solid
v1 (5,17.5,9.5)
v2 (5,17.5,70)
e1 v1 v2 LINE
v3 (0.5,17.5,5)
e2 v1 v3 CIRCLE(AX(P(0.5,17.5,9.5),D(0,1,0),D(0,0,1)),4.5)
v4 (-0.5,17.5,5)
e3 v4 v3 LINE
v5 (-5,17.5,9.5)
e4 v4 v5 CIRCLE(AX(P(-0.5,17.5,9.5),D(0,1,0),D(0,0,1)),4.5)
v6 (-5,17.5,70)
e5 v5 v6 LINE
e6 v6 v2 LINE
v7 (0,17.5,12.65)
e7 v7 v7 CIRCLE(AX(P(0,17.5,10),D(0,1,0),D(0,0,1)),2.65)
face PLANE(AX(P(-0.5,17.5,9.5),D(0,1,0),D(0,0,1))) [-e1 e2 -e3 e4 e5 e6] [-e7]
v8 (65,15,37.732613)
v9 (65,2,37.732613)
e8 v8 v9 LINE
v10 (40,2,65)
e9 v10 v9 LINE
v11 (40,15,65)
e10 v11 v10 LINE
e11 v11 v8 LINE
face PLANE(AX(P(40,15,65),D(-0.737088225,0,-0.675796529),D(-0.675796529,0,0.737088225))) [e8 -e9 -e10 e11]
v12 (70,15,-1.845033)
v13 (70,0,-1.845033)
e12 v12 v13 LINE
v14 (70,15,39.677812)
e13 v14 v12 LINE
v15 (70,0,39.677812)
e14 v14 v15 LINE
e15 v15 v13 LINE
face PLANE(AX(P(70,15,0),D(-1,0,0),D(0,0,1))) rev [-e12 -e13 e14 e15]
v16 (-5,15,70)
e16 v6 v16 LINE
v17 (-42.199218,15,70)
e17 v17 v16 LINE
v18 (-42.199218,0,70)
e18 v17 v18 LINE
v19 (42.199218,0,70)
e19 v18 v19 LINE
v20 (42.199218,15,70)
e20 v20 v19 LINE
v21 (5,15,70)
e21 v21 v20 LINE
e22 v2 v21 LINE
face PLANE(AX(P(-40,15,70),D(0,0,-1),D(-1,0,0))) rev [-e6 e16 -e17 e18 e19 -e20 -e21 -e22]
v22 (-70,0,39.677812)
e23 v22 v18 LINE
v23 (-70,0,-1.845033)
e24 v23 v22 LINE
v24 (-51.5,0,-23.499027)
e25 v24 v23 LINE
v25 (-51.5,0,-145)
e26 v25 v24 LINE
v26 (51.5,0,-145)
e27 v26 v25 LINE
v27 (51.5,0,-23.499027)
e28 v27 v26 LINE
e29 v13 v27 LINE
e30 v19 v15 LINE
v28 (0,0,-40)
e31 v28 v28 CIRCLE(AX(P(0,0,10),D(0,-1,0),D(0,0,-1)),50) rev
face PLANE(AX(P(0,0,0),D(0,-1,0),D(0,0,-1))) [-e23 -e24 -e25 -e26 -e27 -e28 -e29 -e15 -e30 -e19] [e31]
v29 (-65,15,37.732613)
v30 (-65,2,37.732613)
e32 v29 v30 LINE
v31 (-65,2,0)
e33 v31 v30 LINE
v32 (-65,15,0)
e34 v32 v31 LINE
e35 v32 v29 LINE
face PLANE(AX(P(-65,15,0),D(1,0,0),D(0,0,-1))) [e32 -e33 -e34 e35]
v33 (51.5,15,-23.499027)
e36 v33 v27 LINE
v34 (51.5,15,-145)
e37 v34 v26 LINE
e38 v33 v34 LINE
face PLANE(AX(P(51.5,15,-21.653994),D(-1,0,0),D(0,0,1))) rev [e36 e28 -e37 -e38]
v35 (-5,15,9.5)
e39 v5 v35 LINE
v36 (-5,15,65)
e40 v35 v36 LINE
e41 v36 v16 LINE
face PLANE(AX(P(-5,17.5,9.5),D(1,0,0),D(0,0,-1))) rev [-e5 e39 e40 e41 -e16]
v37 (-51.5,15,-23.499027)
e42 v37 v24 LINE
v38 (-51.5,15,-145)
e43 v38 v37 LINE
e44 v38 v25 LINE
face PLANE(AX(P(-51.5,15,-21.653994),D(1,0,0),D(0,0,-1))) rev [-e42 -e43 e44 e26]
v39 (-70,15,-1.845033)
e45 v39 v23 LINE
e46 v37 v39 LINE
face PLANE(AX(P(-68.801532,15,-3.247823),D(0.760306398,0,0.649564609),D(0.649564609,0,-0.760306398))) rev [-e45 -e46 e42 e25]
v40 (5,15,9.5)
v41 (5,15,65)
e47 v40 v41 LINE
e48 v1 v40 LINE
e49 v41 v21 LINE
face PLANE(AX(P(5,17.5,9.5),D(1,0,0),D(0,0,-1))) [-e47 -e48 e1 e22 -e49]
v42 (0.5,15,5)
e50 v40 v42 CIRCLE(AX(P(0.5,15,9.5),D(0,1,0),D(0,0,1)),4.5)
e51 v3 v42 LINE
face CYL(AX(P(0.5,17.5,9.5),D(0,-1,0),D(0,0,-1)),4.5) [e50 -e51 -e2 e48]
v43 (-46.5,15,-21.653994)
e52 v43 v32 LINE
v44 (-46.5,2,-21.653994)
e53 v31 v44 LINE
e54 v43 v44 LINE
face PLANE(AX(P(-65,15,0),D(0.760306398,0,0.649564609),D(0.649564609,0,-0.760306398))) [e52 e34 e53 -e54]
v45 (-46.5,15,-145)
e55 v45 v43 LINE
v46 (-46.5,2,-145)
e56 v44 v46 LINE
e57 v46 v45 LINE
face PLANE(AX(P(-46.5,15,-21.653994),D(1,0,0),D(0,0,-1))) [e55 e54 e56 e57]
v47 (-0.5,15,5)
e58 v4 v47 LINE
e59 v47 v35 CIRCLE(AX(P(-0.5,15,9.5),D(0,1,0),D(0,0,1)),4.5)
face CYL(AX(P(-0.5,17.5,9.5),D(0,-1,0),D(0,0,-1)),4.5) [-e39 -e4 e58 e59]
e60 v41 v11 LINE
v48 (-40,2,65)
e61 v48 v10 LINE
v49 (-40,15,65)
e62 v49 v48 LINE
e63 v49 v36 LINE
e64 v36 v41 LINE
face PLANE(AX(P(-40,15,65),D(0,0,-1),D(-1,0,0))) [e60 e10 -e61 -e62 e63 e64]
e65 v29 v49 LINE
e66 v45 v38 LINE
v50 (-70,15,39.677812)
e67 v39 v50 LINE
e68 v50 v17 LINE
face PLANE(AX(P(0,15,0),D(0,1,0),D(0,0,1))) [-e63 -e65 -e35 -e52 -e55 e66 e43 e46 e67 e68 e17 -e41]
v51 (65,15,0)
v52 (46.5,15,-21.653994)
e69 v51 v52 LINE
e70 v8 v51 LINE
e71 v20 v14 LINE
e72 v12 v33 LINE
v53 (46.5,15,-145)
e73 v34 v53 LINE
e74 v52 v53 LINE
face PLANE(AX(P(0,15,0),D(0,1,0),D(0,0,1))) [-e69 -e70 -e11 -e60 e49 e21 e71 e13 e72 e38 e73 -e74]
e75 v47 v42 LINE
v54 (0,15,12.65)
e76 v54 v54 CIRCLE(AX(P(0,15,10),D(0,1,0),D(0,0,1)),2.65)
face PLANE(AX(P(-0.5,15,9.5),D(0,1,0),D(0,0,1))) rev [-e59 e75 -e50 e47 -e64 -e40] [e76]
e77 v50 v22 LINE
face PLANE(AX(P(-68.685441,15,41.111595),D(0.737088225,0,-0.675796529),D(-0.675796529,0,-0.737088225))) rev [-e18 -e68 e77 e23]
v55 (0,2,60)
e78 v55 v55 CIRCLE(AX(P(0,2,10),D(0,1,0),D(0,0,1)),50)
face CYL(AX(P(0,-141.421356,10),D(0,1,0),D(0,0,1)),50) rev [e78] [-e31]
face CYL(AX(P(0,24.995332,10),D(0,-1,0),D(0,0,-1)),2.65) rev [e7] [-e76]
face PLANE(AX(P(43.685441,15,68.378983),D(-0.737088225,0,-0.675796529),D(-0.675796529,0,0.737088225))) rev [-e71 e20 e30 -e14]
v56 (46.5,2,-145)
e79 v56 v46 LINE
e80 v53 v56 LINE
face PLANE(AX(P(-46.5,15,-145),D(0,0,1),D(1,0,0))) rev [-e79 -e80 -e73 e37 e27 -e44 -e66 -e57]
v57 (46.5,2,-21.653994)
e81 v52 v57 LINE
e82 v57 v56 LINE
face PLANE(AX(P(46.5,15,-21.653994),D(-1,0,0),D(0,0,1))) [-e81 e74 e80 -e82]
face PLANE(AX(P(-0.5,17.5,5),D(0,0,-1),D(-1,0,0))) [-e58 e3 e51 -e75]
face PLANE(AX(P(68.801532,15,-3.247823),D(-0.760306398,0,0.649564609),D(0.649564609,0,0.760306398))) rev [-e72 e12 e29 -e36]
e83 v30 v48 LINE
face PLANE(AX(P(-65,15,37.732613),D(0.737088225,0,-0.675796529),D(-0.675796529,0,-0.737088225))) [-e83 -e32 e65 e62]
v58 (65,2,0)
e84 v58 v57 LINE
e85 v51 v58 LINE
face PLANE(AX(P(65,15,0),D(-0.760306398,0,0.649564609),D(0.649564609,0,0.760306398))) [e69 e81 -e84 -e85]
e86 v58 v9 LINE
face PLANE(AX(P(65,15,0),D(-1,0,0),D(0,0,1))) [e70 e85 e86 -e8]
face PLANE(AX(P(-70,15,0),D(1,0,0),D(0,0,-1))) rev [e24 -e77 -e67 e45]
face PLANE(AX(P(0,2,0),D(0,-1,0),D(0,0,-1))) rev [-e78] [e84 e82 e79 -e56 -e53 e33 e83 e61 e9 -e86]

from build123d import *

# Parameters (mm, degrees)
BOSS_EXTRUDE1_DEPTH = 2
EXTRUDE_THIN3_DEPTH = 15
SKETCH3_W           = 93
SKETCH3_H           = 13
CUT_EXTRUDE1_DEPTH  = 5
SKETCH5_R           = 50
CUT_EXTRUDE2_DEPTH  = 2
BOSS_EXTRUDE2_DEPTH = 2.5
SKETCH4_3_R         = 2.65
CUT_EXTRUDE3_DEPTH  = 2.5


with BuildPart() as part:
    # Sketch1 → Boss-Extrude1 (new body)
    with BuildSketch(Plane(origin=(0, 0, 0), x_dir=(1, 0, 0), z_dir=(0, 1, 0))):
        Polygon((-46.5, 140), (46.5, 140), (46.5, 21.653994317), (65, 0), (65, -37.732612768), (40, -65), (-40, -65), (-65, -37.732612768), (-65, 0), (-46.5, 21.653994317), align=None)
    extrude(amount=BOSS_EXTRUDE1_DEPTH)

    # Sketch1<6> → Extrude-Thin3 (add)
    with BuildSketch(Plane(origin=(0, 0, 0), x_dir=(1, 0, 0), z_dir=(0, 1, 0))):
        Polygon((-51.5, 145), (51.5, 145), (51.5, 23.49902712), (70, 1.845032803), (70, -39.677811978), (42.199217545, -70), (-42.199217545, -70), (-70, -39.677811978), (-70, 1.845032803), (-51.5, 23.49902712), align=None)
        Polygon((-46.5, 140), (46.5, 140), (46.5, 21.653994317), (65, 0), (65, -37.732612768), (40, -65), (-40, -65), (-65, -37.732612768), (-65, 0), (-46.5, 21.653994317), align=None, mode=Mode.SUBTRACT)
    extrude(amount=EXTRUDE_THIN3_DEPTH)

    # Sketch3 → Cut-Extrude1 (cut)
    with BuildSketch(Plane.XY.offset(-140)):
        with Locations((0, 8.5)):
            Rectangle(SKETCH3_W, SKETCH3_H)
    extrude(amount=-CUT_EXTRUDE1_DEPTH, mode=Mode.SUBTRACT)

    # Sketch5 → Cut-Extrude2 (cut)
    with BuildSketch(Plane(origin=(0, 2, 0), x_dir=(1, 0, 0), z_dir=(0, 1, 0))):
        with Locations(Location((0, -10, 0), (0, 0, 270))):
            Circle(SKETCH5_R)
    extrude(amount=-CUT_EXTRUDE2_DEPTH, mode=Mode.SUBTRACT)

    # Sketch4 → Boss-Extrude2 (add)
    with BuildSketch(Plane(origin=(0, 15, 0), x_dir=(1, 0, 0), z_dir=(0, 1, 0))):
        with BuildLine():
            Line((-0.5, -5), (0.5, -5))
            ThreePointArc((0.5, -5), (3.681980515, -6.318019485), (5, -9.5))
            Line((5, -9.5), (5, -70))
            Line((5, -70), (-5, -70))
            Line((-5, -70), (-5, -9.5))
            ThreePointArc((-5, -9.5), (-3.681980515, -6.318019485), (-0.5, -5))
        make_face()
    extrude(amount=BOSS_EXTRUDE2_DEPTH)

    # Sketch4<3> → Cut-Extrude3 (cut)
    with BuildSketch(Plane(origin=(0, 15, 0), x_dir=(1, 0, 0), z_dir=(0, 1, 0))):
        with Locations(Location((0, -10, 0), (0, 0, 270))):
            Circle(SKETCH4_3_R)
    extrude(amount=CUT_EXTRUDE3_DEPTH, mode=Mode.SUBTRACT)


solid = part.part
